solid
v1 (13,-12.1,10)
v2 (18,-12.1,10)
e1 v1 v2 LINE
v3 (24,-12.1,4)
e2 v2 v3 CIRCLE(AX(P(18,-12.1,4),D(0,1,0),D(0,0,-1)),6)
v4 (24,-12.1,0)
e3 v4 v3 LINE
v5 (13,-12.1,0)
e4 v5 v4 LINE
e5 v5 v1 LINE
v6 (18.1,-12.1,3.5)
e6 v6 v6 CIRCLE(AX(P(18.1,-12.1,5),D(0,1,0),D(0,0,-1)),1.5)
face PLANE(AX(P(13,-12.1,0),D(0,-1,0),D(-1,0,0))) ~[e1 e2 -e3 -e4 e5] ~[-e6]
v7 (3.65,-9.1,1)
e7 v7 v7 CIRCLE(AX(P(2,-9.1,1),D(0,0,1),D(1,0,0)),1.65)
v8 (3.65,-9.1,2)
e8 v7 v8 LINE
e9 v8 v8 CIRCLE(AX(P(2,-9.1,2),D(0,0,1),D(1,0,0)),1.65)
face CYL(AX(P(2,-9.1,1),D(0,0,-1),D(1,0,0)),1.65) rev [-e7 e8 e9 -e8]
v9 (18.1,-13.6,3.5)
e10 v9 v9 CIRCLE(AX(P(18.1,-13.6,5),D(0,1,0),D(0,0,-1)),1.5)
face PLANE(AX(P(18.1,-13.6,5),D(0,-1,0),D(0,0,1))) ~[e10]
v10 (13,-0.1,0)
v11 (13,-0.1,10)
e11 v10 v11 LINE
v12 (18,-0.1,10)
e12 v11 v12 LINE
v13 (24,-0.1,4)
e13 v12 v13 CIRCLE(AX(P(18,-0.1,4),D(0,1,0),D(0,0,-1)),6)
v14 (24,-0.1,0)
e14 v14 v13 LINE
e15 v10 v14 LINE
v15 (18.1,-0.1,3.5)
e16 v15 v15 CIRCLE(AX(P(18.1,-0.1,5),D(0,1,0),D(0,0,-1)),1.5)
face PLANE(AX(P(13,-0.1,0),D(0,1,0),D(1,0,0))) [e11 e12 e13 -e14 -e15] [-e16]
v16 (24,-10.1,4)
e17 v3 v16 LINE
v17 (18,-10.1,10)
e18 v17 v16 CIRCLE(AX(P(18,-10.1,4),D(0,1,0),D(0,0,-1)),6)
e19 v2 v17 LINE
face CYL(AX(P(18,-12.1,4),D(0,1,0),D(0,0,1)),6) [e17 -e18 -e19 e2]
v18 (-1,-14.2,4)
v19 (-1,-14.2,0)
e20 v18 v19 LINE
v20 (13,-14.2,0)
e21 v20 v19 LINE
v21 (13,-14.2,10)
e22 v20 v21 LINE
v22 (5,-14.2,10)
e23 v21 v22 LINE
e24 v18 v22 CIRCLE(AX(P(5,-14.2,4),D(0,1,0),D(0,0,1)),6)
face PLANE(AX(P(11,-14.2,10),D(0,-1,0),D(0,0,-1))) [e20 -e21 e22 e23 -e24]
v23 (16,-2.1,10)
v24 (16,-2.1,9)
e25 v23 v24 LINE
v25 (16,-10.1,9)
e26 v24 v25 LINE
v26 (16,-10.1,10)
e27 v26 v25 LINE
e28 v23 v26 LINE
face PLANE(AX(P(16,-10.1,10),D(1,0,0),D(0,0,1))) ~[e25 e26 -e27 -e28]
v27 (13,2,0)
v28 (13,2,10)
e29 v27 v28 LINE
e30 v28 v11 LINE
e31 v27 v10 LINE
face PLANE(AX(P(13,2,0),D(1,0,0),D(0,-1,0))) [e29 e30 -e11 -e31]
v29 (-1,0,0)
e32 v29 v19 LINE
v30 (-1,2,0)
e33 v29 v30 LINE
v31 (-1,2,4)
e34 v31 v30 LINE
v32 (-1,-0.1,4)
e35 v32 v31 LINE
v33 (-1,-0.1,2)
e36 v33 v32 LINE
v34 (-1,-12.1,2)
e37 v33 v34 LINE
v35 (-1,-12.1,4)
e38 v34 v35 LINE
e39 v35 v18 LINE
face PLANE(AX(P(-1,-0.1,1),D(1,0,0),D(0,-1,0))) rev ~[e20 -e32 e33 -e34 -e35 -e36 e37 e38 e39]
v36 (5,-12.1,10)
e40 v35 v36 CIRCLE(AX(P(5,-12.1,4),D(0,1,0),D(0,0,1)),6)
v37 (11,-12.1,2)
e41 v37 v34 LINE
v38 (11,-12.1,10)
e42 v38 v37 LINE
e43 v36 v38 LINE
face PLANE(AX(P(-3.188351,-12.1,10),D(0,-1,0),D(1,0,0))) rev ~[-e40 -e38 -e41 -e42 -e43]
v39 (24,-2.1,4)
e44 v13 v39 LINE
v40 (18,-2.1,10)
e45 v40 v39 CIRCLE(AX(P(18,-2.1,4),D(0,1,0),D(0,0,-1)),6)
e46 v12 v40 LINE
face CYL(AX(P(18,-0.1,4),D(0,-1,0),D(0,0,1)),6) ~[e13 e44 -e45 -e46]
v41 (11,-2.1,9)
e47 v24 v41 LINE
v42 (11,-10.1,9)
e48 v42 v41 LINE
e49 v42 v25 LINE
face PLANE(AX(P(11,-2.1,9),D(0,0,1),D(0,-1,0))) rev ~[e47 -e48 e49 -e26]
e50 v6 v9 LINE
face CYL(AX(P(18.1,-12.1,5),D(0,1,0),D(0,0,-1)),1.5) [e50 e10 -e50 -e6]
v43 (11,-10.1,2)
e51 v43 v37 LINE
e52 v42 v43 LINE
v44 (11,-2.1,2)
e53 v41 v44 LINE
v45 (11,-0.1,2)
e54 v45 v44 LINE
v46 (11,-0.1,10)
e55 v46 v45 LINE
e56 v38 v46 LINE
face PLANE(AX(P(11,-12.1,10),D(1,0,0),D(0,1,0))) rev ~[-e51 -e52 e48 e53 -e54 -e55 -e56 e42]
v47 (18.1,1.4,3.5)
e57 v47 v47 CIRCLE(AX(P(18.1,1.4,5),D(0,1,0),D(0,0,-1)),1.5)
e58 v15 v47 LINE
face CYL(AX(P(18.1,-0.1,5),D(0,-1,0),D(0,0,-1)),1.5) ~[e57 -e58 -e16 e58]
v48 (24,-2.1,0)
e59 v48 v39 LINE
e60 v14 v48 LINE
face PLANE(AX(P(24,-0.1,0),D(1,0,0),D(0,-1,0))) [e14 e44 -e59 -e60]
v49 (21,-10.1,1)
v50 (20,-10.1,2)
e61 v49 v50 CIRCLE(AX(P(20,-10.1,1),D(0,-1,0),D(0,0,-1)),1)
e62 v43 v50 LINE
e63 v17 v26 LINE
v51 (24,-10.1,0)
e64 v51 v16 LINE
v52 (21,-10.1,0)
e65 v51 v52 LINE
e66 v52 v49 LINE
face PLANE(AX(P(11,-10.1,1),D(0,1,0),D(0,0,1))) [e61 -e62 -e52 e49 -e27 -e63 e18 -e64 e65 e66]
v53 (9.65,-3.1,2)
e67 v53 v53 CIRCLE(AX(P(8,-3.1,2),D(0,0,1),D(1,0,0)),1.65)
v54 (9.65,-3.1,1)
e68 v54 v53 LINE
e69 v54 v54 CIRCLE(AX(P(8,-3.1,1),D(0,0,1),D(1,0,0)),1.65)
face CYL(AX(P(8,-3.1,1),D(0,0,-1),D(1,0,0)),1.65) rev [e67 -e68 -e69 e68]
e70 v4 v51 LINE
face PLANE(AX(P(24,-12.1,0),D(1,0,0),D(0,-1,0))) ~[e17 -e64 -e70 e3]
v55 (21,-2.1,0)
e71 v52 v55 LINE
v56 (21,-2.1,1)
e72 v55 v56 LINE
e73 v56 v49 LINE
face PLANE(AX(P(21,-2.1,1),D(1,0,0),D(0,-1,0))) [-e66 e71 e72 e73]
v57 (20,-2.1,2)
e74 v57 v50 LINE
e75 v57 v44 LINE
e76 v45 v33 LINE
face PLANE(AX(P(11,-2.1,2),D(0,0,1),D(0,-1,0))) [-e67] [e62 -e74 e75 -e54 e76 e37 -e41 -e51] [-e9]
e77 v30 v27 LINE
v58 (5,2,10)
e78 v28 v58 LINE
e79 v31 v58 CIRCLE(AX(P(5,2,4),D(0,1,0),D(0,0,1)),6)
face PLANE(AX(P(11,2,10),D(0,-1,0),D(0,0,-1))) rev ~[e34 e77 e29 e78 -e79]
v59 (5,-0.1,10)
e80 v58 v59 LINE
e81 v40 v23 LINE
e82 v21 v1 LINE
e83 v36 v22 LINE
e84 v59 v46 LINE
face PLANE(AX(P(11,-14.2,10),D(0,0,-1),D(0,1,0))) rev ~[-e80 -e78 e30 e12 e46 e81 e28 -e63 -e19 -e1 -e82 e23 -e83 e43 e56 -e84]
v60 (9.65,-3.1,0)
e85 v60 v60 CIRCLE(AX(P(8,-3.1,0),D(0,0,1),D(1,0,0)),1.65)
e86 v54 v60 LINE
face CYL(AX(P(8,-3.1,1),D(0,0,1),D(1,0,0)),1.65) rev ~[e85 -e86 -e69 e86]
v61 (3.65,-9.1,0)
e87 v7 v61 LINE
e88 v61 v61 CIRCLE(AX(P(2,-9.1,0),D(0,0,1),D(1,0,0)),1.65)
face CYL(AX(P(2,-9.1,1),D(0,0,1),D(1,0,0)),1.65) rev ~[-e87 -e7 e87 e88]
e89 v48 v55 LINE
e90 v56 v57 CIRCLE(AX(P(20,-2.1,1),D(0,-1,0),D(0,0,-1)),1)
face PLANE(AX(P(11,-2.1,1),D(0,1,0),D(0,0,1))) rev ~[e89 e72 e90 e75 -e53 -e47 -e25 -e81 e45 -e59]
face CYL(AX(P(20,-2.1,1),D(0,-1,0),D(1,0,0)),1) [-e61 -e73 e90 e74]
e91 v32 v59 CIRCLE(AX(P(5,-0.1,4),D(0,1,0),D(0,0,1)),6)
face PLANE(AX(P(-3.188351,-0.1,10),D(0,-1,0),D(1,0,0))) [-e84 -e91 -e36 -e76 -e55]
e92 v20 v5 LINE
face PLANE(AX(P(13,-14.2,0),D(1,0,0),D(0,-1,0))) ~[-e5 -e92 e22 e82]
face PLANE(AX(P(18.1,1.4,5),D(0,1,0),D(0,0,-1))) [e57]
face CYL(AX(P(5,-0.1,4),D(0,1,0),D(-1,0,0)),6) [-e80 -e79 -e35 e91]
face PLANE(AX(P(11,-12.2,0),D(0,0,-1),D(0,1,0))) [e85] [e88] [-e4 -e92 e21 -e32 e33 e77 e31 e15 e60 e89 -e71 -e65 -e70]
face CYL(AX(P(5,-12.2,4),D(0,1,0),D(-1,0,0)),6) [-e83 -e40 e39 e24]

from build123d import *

# Parameters (mm, degrees)
EXTRUDE_2_DEPTH     = 10
SKETCH_3_R          = 1.5
EXTRUDE_3_DEPTH     = 1.5
SKETCH_5_R          = 1.65
CUT_EXTRUDE_2_DEPTH = 27.084669827
FILLET_1_R          = 6
SKETCH_6_W          = 10
SKETCH_6_H          = 1
SKETCH_6_W_2        = 5
EXTRUDE_4_DEPTH     = 4
SKETCH_7_W          = 5.689599517
SKETCH_7_H          = 3.3
CUT_EXTRUDE_3_DEPTH = 0.5
SKETCH_8_W          = 11.306526487
SKETCH_8_H          = 19.042570926
CUT_EXTRUDE_4_DEPTH = 30.624989451
MOVE_FACE_1_BY      = 12
CUT_EXTRUDE_5_REACH = 31.625
SKETCH_9_W          = 14.188350819
SKETCH_9_H          = 12
SKETCH_10_R         = 1.65
CUT_EXTRUDE_6_DEPTH = 30.302559615
FILLET_2_R          = 6
MOVE_FACE_2_BY      = 1
FILLET_3_R          = 1


with BuildPart() as part:
    # Эскиз2 → Бобышка-Вытянуть2 (new body)
    with BuildSketch(Plane.XY):
        Polygon((0, 0), (0, 2), (13, 2), (13, -0.1), (24, -0.1), (24, -2.1), (11, -2.1), (11, 0), align=None)
    extrude(amount=EXTRUDE_2_DEPTH)

    # Эскиз3 → Бобышка-Вытянуть3 (add)
    with BuildSketch(Plane(origin=(0, -0.1, 0), x_dir=(1, 0, 0), z_dir=(0, 1, 0))):
        with Locations(Location((18.1, -5, 0), (0, 0, 90))):
            Circle(SKETCH_3_R)
    extrude(amount=EXTRUDE_3_DEPTH)

    # Эскиз5 → Вырез-Вытянуть2 (cut, through all)
    with BuildSketch(Plane.XZ):
        with Locations((5, 5)):
            Circle(SKETCH_5_R)
    extrude(amount=-CUT_EXTRUDE_2_DEPTH, mode=Mode.SUBTRACT)

    # Скругление1
    fillet_1_edges = [part.edges().sort_by_distance(p)[0] for p in [
        (24, -1.1, 10),
        (0, 1, 10),
    ]]
    fillet(fillet_1_edges, radius=FILLET_1_R)

    # Эскиз6 → Бобышка-Вытянуть4 (add)
    with BuildSketch(Plane(origin=(0, -2.1, 0), x_dir=(-1, 0, 0), z_dir=(0, -1, 0))):
        with Locations((-16, -0.5)):
            Rectangle(SKETCH_6_W, SKETCH_6_H)
        with Locations((-13.5, -9.5)):
            Rectangle(SKETCH_6_W_2, SKETCH_6_H)
    extrude(amount=EXTRUDE_4_DEPTH)

    # Эскиз7 → Вырез-Вытянуть3 (cut)
    with BuildSketch(Plane.XZ):
        with Locations((2.155200242, 5)):
            Rectangle(SKETCH_7_W, SKETCH_7_H)
    extrude(amount=-CUT_EXTRUDE_3_DEPTH, mode=Mode.SUBTRACT)

    # Зеркальное отражение1: part across plane


with BuildPart() as part_1:
    add(part.part)
    add(part.part.mirror(Plane.ZX.offset(-6.1)))

    # Эскиз8 → Вырез-Вытянуть4 (cut, through all)
    with BuildSketch(Plane.XY.offset(10)):
        with Locations((5.346736757, -6.608790605)):
            Rectangle(SKETCH_8_W, SKETCH_8_H)
    extrude(amount=-CUT_EXTRUDE_4_DEPTH, mode=Mode.SUBTRACT)

    # Move Face 1: a face moved outward by 12.0
    extrude(part_1.faces().sort_by_distance((11, -10.15, 5))[0], amount=MOVE_FACE_1_BY, dir=(-1, 0, 0))

    # Вырез-Вытянуть5: up to this face of the body (flat: up to its plane)
    cut_extrude_5_end = Plane(part_1.part.faces().sort_by_distance((10, -6.1, 1))[0])
    # Эскиз9 → Вырез-Вытянуть5 (cut, up to the picked face)
    with BuildSketch(Plane.XY.offset(10), mode=Mode.PRIVATE) as cut_extrude_5_sk1:
        with Locations((3.90582459, -6.1)):
            Rectangle(SKETCH_9_W, SKETCH_9_H)
    cut_extrude_5_tool1 = split(extrude(cut_extrude_5_sk1.sketch, amount=-CUT_EXTRUDE_5_REACH, mode=Mode.PRIVATE), bisect_by=cut_extrude_5_end, keep=Keep.BOTH, mode=Mode.PRIVATE)
    add(cut_extrude_5_tool1.solids().sort_by(Axis((3.905825, -6.1, 10), (0, 0, -1)))[0], mode=Mode.SUBTRACT)

    # Эскиз10 → Вырез-Вытянуть6 (cut, through all)
    with BuildSketch(Plane.XY.offset(1)):
        with Locations((2, -9.1)):
            Circle(SKETCH_10_R)
        with Locations((8, -3.1)):
            Circle(SKETCH_10_R)
    extrude(amount=-CUT_EXTRUDE_6_DEPTH, mode=Mode.SUBTRACT)

    # Скругление2
    fillet_2_edges = [part_1.edges().sort_by_distance(p)[0] for p in [
        (-1, -13.15, 10),
        (-1, 0.95, 10),
    ]]
    fillet(fillet_2_edges, radius=FILLET_2_R)

    # Move Face 2: a face moved outward by 1.0
    extrude(part_1.faces().sort_by_distance((9.253385216, -6.1, 1))[0], amount=MOVE_FACE_2_BY, dir=(0, 0, 1))

    # Скругление3
    fillet_3_edges = [part_1.edges().sort_by_distance(p)[0] for p in [
        (21, -6.1, 2),
    ]]
    fillet(fillet_3_edges, radius=FILLET_3_R)


solid = part_1.part
